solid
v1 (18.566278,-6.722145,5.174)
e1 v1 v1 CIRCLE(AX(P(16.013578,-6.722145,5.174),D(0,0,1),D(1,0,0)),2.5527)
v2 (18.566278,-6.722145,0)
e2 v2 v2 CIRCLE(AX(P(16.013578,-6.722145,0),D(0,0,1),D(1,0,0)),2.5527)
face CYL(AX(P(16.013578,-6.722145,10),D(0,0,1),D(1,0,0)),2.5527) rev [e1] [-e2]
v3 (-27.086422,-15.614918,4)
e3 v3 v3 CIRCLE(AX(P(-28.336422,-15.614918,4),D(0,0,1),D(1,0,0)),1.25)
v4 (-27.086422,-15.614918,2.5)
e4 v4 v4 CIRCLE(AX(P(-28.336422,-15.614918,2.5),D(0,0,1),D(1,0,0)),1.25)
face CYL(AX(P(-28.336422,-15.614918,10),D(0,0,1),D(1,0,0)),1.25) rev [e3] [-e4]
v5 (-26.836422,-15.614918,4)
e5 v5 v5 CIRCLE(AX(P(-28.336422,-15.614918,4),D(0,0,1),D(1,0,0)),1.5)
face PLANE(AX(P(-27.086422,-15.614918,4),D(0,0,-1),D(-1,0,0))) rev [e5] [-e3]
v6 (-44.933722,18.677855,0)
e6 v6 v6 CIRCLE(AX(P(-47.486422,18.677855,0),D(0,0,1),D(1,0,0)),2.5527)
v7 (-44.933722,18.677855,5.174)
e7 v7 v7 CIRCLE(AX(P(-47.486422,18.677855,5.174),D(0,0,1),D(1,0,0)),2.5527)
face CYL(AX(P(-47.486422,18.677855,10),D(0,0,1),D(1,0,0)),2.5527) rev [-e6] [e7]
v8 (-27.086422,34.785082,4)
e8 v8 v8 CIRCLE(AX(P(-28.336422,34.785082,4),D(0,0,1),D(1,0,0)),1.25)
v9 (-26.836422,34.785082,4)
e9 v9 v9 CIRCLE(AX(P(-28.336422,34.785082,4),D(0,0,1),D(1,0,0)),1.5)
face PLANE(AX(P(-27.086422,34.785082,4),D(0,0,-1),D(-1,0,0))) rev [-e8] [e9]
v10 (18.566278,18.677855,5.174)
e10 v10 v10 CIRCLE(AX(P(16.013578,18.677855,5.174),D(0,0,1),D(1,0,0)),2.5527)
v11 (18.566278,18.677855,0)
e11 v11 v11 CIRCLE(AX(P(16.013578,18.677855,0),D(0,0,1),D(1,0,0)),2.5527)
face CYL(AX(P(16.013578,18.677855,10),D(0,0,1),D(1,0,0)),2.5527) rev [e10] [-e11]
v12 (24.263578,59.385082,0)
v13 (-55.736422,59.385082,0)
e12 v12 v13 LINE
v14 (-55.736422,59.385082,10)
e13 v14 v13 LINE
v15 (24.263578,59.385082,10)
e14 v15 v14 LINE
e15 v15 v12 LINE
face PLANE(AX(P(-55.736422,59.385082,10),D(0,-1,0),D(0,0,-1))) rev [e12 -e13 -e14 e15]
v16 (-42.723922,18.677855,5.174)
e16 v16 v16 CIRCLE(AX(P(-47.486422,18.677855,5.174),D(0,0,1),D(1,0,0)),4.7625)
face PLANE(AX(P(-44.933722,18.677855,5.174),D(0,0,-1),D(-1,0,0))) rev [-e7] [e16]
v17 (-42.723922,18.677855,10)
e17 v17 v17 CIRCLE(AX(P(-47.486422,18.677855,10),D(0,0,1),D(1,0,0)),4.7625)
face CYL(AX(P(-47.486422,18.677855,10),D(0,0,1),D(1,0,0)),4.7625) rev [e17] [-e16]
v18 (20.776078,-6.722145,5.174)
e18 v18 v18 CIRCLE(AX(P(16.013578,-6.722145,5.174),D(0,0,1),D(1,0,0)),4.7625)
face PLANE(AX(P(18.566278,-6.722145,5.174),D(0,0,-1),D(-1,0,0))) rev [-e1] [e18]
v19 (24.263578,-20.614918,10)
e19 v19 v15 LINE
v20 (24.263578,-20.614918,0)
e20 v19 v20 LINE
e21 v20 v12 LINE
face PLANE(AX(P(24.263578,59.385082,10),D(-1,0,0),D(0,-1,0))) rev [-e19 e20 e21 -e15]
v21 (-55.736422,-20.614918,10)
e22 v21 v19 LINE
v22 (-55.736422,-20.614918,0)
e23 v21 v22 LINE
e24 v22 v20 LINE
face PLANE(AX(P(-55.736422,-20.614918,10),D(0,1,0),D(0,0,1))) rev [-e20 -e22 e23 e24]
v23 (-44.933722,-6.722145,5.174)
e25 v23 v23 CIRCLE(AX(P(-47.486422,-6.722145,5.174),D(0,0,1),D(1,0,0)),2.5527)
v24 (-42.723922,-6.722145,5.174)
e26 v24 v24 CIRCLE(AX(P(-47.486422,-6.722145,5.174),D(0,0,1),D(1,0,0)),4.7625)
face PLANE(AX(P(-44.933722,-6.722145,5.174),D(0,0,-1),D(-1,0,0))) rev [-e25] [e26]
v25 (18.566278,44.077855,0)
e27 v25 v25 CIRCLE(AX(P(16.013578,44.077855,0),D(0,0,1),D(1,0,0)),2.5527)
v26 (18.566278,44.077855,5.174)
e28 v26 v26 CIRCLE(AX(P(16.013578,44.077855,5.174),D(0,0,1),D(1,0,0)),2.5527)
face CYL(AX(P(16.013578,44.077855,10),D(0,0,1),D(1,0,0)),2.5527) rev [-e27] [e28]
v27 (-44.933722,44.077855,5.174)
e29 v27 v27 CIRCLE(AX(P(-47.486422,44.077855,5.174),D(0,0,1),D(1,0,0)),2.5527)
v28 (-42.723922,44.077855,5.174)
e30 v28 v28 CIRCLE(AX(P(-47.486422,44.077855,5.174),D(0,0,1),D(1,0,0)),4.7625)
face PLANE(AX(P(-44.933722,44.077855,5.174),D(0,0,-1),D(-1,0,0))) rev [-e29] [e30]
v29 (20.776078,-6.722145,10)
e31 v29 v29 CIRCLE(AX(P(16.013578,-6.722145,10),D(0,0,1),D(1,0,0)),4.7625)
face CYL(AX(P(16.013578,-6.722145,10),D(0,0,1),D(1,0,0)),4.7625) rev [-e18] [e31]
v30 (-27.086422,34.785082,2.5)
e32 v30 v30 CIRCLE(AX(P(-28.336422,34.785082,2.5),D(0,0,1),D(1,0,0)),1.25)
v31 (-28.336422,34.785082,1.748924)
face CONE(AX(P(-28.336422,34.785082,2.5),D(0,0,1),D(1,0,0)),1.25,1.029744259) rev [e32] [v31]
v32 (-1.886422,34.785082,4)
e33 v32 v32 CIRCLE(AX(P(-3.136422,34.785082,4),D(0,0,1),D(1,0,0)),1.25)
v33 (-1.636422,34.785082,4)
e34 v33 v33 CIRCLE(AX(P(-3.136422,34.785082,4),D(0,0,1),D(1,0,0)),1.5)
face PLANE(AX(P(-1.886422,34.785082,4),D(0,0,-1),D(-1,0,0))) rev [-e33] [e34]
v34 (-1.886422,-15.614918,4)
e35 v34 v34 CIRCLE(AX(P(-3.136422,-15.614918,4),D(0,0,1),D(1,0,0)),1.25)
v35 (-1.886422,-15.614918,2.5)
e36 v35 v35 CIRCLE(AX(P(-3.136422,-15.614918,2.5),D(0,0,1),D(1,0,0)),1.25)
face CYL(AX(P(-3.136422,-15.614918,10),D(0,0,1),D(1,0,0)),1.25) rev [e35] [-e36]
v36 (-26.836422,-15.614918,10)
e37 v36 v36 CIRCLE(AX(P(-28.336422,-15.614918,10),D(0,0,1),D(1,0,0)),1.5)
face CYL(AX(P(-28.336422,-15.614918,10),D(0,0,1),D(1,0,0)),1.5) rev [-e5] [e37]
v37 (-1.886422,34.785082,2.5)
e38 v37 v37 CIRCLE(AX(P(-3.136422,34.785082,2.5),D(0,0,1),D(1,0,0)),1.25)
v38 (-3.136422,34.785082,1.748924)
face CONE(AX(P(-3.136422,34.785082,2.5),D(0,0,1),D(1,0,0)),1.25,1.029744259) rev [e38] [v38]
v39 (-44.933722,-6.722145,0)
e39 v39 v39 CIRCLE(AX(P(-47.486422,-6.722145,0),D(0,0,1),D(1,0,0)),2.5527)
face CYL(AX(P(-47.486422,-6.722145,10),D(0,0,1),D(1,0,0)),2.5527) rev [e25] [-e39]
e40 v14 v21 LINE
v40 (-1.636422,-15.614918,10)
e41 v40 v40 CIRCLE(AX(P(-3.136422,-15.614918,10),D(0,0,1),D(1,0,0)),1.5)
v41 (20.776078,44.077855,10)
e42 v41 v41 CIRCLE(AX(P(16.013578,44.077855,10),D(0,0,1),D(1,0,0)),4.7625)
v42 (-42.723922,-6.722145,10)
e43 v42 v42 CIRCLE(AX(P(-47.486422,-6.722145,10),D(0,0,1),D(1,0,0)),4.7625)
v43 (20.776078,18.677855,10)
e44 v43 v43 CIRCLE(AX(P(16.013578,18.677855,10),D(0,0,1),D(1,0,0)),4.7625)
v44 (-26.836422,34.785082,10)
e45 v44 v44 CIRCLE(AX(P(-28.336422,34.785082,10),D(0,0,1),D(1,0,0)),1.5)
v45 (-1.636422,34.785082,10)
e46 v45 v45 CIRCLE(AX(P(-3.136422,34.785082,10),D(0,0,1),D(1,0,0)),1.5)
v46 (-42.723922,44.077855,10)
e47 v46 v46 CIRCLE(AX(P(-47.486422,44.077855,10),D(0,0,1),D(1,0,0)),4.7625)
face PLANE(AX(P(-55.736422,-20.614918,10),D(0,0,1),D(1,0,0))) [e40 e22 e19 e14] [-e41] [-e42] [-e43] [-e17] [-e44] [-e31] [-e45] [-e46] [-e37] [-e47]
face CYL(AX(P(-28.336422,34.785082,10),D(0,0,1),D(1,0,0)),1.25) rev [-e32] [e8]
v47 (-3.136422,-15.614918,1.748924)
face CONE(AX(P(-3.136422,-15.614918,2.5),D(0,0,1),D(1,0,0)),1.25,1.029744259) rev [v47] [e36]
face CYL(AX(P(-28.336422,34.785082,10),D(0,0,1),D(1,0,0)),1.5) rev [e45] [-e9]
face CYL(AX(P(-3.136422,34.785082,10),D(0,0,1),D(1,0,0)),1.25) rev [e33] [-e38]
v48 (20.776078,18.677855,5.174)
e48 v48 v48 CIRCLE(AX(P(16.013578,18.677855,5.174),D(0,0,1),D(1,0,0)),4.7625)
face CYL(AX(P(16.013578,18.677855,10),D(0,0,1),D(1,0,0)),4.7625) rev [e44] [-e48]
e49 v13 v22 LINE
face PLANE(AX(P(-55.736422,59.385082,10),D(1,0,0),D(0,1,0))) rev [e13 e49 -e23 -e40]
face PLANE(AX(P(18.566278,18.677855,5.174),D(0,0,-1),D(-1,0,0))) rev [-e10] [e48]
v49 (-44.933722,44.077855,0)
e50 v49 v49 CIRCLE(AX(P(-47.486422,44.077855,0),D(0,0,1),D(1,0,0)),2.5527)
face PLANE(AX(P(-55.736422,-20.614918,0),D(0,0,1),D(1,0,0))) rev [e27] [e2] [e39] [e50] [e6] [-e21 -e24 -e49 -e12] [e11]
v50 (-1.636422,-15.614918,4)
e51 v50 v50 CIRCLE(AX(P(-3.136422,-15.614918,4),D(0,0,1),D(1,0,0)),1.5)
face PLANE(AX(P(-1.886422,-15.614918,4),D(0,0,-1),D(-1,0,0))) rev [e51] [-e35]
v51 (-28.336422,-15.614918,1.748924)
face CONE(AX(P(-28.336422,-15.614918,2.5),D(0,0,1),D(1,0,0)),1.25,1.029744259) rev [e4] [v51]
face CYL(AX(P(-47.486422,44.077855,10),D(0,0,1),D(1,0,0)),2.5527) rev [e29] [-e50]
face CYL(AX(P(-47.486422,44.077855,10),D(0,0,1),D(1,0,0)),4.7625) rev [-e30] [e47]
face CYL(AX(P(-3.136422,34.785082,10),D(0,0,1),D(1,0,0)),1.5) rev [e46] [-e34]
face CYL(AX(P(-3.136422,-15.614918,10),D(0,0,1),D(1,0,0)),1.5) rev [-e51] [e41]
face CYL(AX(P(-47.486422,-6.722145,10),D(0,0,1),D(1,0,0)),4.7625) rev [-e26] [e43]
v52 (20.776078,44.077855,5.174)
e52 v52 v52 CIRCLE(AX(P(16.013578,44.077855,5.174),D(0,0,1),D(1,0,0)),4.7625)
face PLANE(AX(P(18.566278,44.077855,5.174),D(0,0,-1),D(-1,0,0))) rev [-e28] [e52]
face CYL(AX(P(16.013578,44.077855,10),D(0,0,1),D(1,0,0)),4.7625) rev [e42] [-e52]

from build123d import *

# Parameters (mm, degrees)
SKETCH1_W                                       = 80
SKETCH1_H                                       = 80
EXTRUDE1_DEPTH                                  = 10
CBORE_FOR_10_SOCKET_HEAD_CAP_SCREW2_D           = 5.1054
CBORE_FOR_10_SOCKET_HEAD_CAP_SCREW2_CBORE_D     = 9.525
CBORE_FOR_10_SOCKET_HEAD_CAP_SCREW2_CBORE_DEPTH = 4.826
M3X0_5_TAPPED_HOLE1_AT_2_COUNT                  = 2
M3X0_5_TAPPED_HOLE1_AT_2_PITCH                  = 50.4
LPATTERN4_COUNT                                 = 2
LPATTERN4_PITCH                                 = 25.2


with BuildPart() as part:
    # Sketch1 → Extrude1 (new body)
    with BuildSketch(Plane.XY):
        with Locations((-15.736421911, 19.385081585)):
            Rectangle(SKETCH1_W, SKETCH1_H)
    extrude(amount=EXTRUDE1_DEPTH)

    # CBORE for #10 Socket Head Cap Screw2 (through all)
    with Locations(Plane(origin=(-47.486421911, 44.077855478, 10), x_dir=(1, 0, 0), z_dir=(0, 0, 1))):
        with Locations((0, 0), (0, -25.4), (0, -50.8), (63.5, -50.8), (63.5, -25.4), (63.5, 0)):
            CounterBoreHole(CBORE_FOR_10_SOCKET_HEAD_CAP_SCREW2_D / 2, CBORE_FOR_10_SOCKET_HEAD_CAP_SCREW2_CBORE_D / 2, CBORE_FOR_10_SOCKET_HEAD_CAP_SCREW2_CBORE_DEPTH)

    # Sketch4 → M3x0.5 Tapped Hole1 (revolve, cut)
    with BuildSketch(Plane(origin=(-28.336421911, 34.785081585, 10), x_dir=(0, -1, 0), z_dir=(1, 0, 0))):
        Polygon((0, 0), (0, 8.251075774), (1.25, 7.5), (1.25, 6), (1.5, 6), (1.5, 0), align=None)
    m3x0_5_tapped_hole1 = revolve(axis=Axis((-28.336421911, 34.785081585, 16.35), (0, 0, -1)), mode=Mode.SUBTRACT)

    # M3x0.5 Tapped Hole1 at 2: M3x0.5 Tapped Hole1 ×2
    with Locations(*[(0, -i * M3X0_5_TAPPED_HOLE1_AT_2_PITCH, 0) for i in range(1, M3X0_5_TAPPED_HOLE1_AT_2_COUNT)]):
        add(m3x0_5_tapped_hole1, mode=Mode.SUBTRACT)

    # LPattern4: M3x0.5 Tapped Hole1 ×2
    with Locations(*[(i * LPATTERN4_PITCH, 0, 0) for i in range(1, LPATTERN4_COUNT)]):
        add(m3x0_5_tapped_hole1, mode=Mode.SUBTRACT)

    # LPattern4 copy 1 sketch → LPattern4 copy 1 (revolve, cut)
    with BuildSketch(Plane(origin=(-3.136421911, -15.614918415, 10), x_dir=(0, -1, 0), z_dir=(1, 0, 0))):
        Polygon((0, 0), (0, 8.251075774), (1.25, 7.5), (1.25, 6), (1.5, 6), (1.5, 0), align=None)
    revolve(axis=Axis((-3.136421911, -15.614918415, 16.35), (0, 0, -1)), mode=Mode.SUBTRACT)


solid = part.part
